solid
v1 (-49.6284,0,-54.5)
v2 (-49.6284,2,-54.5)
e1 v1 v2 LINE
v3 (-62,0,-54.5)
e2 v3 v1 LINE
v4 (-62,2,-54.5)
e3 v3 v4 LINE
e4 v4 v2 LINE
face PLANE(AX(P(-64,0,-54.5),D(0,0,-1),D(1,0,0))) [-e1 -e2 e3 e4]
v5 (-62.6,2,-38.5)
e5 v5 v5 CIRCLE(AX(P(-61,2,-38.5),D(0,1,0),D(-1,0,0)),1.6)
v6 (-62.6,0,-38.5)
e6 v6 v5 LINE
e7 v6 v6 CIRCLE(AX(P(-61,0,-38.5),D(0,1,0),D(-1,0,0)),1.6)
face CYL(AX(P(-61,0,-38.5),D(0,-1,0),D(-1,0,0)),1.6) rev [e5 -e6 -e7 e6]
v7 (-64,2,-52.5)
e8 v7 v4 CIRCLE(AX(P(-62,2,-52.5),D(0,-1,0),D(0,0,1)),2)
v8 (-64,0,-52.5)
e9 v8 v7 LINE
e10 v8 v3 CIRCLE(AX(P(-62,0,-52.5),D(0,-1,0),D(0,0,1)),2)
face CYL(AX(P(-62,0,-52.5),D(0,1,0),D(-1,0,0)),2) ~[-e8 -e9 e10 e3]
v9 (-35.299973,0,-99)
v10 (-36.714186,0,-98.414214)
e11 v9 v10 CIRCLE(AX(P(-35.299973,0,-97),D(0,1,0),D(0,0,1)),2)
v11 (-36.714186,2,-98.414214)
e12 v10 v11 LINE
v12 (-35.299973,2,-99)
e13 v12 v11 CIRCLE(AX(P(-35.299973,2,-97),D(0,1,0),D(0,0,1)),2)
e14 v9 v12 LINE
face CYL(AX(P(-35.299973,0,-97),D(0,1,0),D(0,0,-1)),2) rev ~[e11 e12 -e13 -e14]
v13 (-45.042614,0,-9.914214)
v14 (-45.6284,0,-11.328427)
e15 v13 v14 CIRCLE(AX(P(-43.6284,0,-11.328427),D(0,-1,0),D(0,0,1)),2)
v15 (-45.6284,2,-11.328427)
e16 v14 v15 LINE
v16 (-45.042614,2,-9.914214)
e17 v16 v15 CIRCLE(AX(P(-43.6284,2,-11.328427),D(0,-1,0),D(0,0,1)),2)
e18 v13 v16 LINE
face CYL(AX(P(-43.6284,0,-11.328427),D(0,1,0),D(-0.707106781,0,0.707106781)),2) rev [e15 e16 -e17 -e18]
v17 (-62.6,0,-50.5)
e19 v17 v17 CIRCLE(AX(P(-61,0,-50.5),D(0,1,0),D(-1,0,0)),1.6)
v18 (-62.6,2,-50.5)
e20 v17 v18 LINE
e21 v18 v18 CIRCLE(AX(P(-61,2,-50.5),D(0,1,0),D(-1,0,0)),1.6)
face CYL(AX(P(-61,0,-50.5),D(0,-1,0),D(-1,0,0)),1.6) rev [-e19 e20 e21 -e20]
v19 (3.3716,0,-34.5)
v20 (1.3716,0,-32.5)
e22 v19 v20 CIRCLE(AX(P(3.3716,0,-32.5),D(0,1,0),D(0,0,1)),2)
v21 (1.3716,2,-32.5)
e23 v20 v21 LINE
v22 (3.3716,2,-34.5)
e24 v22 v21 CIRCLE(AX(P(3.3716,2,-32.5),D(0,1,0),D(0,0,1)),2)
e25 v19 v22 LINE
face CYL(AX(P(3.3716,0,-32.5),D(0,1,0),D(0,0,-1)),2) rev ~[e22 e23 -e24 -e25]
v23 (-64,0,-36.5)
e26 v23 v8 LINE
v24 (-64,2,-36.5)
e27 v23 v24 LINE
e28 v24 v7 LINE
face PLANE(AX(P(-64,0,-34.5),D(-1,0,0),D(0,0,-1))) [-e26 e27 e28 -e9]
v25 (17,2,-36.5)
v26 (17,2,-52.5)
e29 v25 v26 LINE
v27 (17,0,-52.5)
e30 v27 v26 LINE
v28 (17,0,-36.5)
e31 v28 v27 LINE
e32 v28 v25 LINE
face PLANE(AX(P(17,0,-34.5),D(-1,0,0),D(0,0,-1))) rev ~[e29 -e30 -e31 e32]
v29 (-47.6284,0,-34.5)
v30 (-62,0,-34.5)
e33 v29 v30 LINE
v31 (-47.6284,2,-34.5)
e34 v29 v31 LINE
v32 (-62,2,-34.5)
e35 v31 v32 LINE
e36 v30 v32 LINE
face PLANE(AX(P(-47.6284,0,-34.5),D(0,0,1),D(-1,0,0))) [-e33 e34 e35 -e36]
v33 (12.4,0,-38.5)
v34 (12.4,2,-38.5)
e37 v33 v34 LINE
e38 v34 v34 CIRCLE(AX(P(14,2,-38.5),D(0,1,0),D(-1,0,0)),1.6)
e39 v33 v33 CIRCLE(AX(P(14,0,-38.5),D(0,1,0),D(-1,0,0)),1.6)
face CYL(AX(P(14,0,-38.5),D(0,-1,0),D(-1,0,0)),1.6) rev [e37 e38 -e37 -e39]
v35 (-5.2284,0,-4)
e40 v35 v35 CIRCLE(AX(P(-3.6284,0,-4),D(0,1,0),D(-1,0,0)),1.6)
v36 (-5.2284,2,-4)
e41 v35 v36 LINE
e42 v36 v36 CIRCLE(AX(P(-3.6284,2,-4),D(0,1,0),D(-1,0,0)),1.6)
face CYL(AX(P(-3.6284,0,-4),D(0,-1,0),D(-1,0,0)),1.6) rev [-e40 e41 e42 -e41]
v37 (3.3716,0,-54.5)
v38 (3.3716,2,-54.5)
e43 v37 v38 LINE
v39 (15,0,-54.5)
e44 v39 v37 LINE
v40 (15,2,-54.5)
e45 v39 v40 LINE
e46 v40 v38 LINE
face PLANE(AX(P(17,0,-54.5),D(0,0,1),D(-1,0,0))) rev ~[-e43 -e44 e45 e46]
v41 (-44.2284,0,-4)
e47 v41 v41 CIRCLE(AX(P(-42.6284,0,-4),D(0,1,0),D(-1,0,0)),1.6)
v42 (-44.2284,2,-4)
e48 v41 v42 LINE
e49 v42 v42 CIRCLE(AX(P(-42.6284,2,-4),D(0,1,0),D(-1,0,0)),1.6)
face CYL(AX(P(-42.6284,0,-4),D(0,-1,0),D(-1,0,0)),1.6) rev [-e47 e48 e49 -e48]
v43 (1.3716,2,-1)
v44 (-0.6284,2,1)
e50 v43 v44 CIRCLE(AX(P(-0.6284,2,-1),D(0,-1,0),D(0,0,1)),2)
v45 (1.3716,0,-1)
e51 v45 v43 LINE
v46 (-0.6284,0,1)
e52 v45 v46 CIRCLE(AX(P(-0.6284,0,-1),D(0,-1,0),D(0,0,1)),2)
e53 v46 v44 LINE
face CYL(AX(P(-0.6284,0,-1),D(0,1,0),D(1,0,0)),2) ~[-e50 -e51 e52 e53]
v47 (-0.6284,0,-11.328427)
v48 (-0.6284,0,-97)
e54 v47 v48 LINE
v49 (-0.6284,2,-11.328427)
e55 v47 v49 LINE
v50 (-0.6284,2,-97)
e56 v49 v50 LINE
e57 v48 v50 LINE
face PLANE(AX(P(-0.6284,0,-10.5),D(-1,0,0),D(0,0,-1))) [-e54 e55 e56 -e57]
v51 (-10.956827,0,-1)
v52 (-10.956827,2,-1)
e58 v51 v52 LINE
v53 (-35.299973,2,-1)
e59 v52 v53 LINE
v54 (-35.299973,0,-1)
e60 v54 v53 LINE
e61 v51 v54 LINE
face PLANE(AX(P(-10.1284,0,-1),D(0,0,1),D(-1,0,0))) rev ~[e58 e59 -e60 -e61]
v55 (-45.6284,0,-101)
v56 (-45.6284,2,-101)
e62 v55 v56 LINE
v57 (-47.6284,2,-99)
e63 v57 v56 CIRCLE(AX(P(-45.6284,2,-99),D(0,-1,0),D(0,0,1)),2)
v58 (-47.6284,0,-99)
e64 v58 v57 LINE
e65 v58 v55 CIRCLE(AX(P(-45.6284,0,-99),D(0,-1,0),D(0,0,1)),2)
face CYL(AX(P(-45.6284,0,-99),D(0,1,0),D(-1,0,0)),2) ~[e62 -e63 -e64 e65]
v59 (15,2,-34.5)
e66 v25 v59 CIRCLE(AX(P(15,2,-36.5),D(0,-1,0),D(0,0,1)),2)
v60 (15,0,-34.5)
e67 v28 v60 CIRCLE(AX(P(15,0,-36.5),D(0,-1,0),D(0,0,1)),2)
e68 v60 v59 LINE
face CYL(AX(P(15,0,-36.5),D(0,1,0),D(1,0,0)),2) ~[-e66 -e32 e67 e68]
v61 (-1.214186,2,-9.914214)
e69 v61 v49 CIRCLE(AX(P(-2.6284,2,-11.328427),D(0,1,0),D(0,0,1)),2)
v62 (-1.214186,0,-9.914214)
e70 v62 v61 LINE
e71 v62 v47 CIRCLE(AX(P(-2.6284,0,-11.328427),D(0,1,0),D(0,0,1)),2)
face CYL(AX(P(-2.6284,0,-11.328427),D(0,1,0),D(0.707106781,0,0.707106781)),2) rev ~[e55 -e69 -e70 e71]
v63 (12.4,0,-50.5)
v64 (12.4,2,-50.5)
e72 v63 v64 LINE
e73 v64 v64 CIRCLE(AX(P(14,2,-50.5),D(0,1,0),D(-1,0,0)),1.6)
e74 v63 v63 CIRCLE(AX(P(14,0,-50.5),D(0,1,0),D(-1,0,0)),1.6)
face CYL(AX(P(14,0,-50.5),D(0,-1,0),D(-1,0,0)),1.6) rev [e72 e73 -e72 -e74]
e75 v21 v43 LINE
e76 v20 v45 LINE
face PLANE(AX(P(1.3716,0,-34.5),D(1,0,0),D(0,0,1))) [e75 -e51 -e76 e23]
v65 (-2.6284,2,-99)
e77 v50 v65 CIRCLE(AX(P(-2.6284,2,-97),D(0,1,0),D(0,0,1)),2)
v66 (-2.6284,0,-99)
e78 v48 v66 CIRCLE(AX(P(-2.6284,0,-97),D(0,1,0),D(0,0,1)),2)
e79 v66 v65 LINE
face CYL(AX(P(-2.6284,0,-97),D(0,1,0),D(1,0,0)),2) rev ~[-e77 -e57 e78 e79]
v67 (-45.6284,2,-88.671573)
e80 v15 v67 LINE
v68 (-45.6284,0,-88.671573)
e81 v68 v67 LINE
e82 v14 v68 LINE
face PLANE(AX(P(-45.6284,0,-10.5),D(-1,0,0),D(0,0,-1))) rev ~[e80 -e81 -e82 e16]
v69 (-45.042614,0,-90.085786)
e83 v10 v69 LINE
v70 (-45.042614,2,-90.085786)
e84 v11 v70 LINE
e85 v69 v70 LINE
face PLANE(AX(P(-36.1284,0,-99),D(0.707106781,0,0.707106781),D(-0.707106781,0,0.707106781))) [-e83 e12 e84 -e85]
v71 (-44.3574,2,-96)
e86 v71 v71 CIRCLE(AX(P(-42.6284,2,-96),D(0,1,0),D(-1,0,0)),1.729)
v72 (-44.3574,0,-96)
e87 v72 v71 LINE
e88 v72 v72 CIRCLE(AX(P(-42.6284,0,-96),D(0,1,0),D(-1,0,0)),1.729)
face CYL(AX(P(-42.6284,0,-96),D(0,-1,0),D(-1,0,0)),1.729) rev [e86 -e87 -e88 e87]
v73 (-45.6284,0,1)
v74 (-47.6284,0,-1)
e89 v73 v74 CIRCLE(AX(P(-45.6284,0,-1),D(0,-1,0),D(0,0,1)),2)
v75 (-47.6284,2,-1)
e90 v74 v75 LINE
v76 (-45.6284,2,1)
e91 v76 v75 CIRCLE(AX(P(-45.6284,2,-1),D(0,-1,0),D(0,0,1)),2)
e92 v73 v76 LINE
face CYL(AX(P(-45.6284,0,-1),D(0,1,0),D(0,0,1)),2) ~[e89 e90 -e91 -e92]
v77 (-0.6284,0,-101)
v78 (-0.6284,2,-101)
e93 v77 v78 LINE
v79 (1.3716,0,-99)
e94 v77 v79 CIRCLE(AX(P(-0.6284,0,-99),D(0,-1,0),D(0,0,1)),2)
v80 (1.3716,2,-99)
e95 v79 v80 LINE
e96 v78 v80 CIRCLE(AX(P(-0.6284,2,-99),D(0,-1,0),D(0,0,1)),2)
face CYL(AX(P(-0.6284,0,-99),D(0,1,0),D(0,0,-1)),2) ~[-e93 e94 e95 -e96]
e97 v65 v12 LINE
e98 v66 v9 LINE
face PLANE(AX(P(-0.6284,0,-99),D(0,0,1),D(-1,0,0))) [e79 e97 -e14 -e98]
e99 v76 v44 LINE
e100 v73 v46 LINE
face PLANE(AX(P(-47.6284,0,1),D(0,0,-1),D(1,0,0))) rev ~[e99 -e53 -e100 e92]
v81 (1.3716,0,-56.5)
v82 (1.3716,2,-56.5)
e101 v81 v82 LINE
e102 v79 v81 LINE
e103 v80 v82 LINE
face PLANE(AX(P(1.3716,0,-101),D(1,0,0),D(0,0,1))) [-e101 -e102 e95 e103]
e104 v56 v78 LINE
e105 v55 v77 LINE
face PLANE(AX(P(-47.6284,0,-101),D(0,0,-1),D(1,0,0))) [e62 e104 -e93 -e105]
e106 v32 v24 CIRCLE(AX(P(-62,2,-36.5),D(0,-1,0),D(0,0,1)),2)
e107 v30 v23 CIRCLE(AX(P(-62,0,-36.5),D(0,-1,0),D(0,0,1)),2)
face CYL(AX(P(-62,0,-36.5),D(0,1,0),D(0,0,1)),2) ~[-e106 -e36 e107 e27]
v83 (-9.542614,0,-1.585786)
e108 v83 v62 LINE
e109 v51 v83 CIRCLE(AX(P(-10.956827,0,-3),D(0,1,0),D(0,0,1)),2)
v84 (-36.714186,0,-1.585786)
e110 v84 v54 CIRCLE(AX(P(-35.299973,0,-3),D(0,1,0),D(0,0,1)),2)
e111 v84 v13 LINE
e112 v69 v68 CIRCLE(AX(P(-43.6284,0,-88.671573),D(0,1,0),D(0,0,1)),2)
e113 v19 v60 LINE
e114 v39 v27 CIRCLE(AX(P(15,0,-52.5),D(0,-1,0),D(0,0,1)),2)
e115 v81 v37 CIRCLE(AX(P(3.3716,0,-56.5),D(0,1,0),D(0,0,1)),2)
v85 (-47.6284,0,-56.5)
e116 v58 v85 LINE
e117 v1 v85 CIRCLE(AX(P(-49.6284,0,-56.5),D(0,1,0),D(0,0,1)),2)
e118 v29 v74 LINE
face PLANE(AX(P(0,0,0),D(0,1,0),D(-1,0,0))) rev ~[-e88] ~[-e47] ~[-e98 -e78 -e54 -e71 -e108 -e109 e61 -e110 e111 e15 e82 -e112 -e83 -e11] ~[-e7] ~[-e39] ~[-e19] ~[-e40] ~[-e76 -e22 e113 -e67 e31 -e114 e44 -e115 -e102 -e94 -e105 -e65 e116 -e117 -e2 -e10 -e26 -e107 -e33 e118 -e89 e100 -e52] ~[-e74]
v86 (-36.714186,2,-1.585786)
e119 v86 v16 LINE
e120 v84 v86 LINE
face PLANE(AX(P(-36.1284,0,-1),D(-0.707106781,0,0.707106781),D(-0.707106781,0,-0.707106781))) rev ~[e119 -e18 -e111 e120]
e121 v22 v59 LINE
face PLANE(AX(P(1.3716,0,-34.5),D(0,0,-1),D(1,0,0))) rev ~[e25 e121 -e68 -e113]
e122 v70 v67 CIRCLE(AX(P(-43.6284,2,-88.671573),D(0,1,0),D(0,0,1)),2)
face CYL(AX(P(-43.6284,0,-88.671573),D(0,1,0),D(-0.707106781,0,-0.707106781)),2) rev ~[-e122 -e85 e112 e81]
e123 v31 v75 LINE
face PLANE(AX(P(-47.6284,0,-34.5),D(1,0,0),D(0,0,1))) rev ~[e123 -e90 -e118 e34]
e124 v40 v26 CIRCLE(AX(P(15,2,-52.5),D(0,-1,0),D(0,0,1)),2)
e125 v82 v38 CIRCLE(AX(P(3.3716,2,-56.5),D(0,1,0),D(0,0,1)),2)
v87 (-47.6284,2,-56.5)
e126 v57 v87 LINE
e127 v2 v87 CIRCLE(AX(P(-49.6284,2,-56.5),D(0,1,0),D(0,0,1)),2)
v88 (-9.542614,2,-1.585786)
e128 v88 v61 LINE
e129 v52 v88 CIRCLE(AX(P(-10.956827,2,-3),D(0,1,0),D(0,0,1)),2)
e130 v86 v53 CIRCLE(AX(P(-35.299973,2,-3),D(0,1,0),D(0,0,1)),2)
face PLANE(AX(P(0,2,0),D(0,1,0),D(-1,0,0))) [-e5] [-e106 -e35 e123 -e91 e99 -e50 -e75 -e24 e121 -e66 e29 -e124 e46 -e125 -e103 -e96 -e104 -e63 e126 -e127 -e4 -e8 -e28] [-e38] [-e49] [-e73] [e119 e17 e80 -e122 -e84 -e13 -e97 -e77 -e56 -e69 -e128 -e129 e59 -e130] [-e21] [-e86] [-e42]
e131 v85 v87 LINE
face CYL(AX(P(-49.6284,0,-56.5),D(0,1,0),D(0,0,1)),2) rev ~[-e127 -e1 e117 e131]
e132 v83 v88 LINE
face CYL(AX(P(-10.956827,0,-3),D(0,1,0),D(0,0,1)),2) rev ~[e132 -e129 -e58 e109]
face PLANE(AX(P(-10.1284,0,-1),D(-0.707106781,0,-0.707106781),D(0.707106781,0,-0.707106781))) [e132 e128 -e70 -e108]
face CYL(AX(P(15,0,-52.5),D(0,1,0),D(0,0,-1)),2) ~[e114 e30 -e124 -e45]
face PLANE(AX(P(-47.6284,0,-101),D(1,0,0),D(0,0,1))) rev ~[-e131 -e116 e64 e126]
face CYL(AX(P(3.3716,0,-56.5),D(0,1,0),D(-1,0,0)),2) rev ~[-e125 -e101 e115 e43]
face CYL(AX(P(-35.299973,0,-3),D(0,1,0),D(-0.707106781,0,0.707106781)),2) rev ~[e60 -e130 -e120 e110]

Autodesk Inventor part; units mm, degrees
ref_plane "YZ Plane" through (0, 0, 0) normal (1, 0, 0) x (0, 1, 0)
ref_plane "XZ Plane" through (0, 0, 0) normal (0, 1, 0) x (-1, 0, 0)
ref_plane "XY Plane" through (0, 0, 0) normal (0, 0, 1) x (1, 0, 0)
sketch "Sketch1" plane through (0, 0, 0) normal (0, 1, 0) x (-1, 0, 0)
  line L0 (-0.3716, 0) -> (46.6284, 0) construction
  line L1 (46.6284, 0) -> (46.6284, -99) construction
  line L2 (46.6284, -100) -> (-0.3716, -100) construction
  line L3 (-0.3716, -100) -> (-0.3716, -1) construction
  circle A0 centre (3.6284, -4) radius 1.6 construction
  circle A1 centre (42.6284, -4) radius 1.6 construction
  circle A2 centre (42.6284, -96) radius 1.729 construction
  line L4 (23.1284, 0) -> (23.1284, -100) construction
  line L5 (23.1284, -13) -> (18.1284, -13) construction
  line L6 (18.1284, -13) -> (0.1284, -13) construction
  line L7 (23.1284, -13) -> (46.1284, -13) construction
  line L8 (45.6284, -10.5) -> (45.6284, -89.5)
  line L9 (10.1284, -1) -> (36.1284, -1)
  line L10 (0.6284, -99) -> (36.1284, -99)
  line L11 (0.6284, -10.5) -> (0.6284, -99)
  line L12 (36.9206, -1) -> (49.2353, -1) construction
  line L13 (45.6284, -1) -> (36.1284, -1) construction
  line L14 (36.1284, -1) -> (45.6284, -10.5)
  line L15 (36.1284, -99) -> (45.6284, -89.5)
  line L16 (36.1284, -99) -> (49.5635, -99) construction
  line L17 (0.6284, -1) -> (10.1284, -1) construction
  line L18 (10.1284, -1) -> (0.6284, -10.5)
  circle A3 centre (3.6284, -4) radius 1.6
  circle A4 centre (42.6284, -4) radius 1.6
  circle A5 centre (42.6284, -96) radius 1.729
  circle A6 centre (61, -38.5) radius 1.6
  circle A7 centre (61, -50.5) radius 1.6
  line L19 (47.6284, -34.5) -> (64, -34.5)
  line L20 (64, -34.5) -> (64, -54.5)
  line L21 (64, -54.5) -> (47.6284, -54.5)
  circle A8 centre (-14, -38.5) radius 1.6
  circle A9 centre (-14, -50.5) radius 1.6
  line L22 (-1.3716, -34.5) -> (-17, -34.5)
  line L23 (-17, -34.5) -> (-17, -54.5)
  line L24 (-17, -54.5) -> (-1.3716, -54.5)
  line L25 (47.6284, -101) -> (47.6284, -54.5)
  line L26 (47.6284, -34.5) -> (47.6284, 1)
  line L27 (-1.3716, -101) -> (-1.3716, -54.5)
  line L28 (-1.3716, -34.5) -> (-1.3716, 1)
  line L29 (47.6284, 1) -> (-1.3716, 1)
  line L30 (47.6284, -101) -> (-1.3716, -101)
  dimension "d0" = 47
  dimension "d1" = 100
  dimension "d2" = 3.2
  dimension "d3" = 4
  dimension "d4" = 4
  dimension "d5" = 4
  dimension "d6" = 43
  dimension "d7" = 3.2
  dimension "d8" = 43
  dimension "d9" = 96
  dimension "d10" = 23.5
  dimension "d11" = 5
  dimension "d12" = 13
  dimension "d13" = 18
  dimension "d15" = 23
  dimension "d24" = 1
  dimension "d33" = 8.7079
  dimension "d34" = 9.5
  dimension "d35" = 45
  dimension "d36" = 45
  dimension "d37" = 9.5
  dimension "d38" = 45
  dimension "d39" = 3.2
  dimension "d42" = 3.2
  dimension "d43" = 12
  dimension "d44" = 4
  dimension "d45" = 3
  dimension "d46" = 4
  dimension "d47" = 3.2
  dimension "d49" = 3.2
  dimension "d50" = 12
  dimension "d51" = 3
extrude "Extrusion1" add sketch "Sketch1" along normal blind 2
fillet "Fillet1" radius 2 18 edges at (-45.6284, 1, -89.5) (-36.1284, 1, -99) (-64, 1, -34.5) (-47.6284, 1, 1) (1.3716, 1, 1) (17, 1, -34.5) (1.3716, 1, -34.5) (17, 1, -54.5) (1.3716, 1, -54.5) (1.3716, 1, -101) (-47.6284, 1, -101) (-64, 1, -54.5) (-45.6284, 1, -10.5) (-36.1284, 1, -1) (-10.1284, 1, -1) (-0.6284, 1, -10.5) (-47.6284, 1, -54.5) (-0.6284, 1, -99)
properties part number "PCB Holder"
